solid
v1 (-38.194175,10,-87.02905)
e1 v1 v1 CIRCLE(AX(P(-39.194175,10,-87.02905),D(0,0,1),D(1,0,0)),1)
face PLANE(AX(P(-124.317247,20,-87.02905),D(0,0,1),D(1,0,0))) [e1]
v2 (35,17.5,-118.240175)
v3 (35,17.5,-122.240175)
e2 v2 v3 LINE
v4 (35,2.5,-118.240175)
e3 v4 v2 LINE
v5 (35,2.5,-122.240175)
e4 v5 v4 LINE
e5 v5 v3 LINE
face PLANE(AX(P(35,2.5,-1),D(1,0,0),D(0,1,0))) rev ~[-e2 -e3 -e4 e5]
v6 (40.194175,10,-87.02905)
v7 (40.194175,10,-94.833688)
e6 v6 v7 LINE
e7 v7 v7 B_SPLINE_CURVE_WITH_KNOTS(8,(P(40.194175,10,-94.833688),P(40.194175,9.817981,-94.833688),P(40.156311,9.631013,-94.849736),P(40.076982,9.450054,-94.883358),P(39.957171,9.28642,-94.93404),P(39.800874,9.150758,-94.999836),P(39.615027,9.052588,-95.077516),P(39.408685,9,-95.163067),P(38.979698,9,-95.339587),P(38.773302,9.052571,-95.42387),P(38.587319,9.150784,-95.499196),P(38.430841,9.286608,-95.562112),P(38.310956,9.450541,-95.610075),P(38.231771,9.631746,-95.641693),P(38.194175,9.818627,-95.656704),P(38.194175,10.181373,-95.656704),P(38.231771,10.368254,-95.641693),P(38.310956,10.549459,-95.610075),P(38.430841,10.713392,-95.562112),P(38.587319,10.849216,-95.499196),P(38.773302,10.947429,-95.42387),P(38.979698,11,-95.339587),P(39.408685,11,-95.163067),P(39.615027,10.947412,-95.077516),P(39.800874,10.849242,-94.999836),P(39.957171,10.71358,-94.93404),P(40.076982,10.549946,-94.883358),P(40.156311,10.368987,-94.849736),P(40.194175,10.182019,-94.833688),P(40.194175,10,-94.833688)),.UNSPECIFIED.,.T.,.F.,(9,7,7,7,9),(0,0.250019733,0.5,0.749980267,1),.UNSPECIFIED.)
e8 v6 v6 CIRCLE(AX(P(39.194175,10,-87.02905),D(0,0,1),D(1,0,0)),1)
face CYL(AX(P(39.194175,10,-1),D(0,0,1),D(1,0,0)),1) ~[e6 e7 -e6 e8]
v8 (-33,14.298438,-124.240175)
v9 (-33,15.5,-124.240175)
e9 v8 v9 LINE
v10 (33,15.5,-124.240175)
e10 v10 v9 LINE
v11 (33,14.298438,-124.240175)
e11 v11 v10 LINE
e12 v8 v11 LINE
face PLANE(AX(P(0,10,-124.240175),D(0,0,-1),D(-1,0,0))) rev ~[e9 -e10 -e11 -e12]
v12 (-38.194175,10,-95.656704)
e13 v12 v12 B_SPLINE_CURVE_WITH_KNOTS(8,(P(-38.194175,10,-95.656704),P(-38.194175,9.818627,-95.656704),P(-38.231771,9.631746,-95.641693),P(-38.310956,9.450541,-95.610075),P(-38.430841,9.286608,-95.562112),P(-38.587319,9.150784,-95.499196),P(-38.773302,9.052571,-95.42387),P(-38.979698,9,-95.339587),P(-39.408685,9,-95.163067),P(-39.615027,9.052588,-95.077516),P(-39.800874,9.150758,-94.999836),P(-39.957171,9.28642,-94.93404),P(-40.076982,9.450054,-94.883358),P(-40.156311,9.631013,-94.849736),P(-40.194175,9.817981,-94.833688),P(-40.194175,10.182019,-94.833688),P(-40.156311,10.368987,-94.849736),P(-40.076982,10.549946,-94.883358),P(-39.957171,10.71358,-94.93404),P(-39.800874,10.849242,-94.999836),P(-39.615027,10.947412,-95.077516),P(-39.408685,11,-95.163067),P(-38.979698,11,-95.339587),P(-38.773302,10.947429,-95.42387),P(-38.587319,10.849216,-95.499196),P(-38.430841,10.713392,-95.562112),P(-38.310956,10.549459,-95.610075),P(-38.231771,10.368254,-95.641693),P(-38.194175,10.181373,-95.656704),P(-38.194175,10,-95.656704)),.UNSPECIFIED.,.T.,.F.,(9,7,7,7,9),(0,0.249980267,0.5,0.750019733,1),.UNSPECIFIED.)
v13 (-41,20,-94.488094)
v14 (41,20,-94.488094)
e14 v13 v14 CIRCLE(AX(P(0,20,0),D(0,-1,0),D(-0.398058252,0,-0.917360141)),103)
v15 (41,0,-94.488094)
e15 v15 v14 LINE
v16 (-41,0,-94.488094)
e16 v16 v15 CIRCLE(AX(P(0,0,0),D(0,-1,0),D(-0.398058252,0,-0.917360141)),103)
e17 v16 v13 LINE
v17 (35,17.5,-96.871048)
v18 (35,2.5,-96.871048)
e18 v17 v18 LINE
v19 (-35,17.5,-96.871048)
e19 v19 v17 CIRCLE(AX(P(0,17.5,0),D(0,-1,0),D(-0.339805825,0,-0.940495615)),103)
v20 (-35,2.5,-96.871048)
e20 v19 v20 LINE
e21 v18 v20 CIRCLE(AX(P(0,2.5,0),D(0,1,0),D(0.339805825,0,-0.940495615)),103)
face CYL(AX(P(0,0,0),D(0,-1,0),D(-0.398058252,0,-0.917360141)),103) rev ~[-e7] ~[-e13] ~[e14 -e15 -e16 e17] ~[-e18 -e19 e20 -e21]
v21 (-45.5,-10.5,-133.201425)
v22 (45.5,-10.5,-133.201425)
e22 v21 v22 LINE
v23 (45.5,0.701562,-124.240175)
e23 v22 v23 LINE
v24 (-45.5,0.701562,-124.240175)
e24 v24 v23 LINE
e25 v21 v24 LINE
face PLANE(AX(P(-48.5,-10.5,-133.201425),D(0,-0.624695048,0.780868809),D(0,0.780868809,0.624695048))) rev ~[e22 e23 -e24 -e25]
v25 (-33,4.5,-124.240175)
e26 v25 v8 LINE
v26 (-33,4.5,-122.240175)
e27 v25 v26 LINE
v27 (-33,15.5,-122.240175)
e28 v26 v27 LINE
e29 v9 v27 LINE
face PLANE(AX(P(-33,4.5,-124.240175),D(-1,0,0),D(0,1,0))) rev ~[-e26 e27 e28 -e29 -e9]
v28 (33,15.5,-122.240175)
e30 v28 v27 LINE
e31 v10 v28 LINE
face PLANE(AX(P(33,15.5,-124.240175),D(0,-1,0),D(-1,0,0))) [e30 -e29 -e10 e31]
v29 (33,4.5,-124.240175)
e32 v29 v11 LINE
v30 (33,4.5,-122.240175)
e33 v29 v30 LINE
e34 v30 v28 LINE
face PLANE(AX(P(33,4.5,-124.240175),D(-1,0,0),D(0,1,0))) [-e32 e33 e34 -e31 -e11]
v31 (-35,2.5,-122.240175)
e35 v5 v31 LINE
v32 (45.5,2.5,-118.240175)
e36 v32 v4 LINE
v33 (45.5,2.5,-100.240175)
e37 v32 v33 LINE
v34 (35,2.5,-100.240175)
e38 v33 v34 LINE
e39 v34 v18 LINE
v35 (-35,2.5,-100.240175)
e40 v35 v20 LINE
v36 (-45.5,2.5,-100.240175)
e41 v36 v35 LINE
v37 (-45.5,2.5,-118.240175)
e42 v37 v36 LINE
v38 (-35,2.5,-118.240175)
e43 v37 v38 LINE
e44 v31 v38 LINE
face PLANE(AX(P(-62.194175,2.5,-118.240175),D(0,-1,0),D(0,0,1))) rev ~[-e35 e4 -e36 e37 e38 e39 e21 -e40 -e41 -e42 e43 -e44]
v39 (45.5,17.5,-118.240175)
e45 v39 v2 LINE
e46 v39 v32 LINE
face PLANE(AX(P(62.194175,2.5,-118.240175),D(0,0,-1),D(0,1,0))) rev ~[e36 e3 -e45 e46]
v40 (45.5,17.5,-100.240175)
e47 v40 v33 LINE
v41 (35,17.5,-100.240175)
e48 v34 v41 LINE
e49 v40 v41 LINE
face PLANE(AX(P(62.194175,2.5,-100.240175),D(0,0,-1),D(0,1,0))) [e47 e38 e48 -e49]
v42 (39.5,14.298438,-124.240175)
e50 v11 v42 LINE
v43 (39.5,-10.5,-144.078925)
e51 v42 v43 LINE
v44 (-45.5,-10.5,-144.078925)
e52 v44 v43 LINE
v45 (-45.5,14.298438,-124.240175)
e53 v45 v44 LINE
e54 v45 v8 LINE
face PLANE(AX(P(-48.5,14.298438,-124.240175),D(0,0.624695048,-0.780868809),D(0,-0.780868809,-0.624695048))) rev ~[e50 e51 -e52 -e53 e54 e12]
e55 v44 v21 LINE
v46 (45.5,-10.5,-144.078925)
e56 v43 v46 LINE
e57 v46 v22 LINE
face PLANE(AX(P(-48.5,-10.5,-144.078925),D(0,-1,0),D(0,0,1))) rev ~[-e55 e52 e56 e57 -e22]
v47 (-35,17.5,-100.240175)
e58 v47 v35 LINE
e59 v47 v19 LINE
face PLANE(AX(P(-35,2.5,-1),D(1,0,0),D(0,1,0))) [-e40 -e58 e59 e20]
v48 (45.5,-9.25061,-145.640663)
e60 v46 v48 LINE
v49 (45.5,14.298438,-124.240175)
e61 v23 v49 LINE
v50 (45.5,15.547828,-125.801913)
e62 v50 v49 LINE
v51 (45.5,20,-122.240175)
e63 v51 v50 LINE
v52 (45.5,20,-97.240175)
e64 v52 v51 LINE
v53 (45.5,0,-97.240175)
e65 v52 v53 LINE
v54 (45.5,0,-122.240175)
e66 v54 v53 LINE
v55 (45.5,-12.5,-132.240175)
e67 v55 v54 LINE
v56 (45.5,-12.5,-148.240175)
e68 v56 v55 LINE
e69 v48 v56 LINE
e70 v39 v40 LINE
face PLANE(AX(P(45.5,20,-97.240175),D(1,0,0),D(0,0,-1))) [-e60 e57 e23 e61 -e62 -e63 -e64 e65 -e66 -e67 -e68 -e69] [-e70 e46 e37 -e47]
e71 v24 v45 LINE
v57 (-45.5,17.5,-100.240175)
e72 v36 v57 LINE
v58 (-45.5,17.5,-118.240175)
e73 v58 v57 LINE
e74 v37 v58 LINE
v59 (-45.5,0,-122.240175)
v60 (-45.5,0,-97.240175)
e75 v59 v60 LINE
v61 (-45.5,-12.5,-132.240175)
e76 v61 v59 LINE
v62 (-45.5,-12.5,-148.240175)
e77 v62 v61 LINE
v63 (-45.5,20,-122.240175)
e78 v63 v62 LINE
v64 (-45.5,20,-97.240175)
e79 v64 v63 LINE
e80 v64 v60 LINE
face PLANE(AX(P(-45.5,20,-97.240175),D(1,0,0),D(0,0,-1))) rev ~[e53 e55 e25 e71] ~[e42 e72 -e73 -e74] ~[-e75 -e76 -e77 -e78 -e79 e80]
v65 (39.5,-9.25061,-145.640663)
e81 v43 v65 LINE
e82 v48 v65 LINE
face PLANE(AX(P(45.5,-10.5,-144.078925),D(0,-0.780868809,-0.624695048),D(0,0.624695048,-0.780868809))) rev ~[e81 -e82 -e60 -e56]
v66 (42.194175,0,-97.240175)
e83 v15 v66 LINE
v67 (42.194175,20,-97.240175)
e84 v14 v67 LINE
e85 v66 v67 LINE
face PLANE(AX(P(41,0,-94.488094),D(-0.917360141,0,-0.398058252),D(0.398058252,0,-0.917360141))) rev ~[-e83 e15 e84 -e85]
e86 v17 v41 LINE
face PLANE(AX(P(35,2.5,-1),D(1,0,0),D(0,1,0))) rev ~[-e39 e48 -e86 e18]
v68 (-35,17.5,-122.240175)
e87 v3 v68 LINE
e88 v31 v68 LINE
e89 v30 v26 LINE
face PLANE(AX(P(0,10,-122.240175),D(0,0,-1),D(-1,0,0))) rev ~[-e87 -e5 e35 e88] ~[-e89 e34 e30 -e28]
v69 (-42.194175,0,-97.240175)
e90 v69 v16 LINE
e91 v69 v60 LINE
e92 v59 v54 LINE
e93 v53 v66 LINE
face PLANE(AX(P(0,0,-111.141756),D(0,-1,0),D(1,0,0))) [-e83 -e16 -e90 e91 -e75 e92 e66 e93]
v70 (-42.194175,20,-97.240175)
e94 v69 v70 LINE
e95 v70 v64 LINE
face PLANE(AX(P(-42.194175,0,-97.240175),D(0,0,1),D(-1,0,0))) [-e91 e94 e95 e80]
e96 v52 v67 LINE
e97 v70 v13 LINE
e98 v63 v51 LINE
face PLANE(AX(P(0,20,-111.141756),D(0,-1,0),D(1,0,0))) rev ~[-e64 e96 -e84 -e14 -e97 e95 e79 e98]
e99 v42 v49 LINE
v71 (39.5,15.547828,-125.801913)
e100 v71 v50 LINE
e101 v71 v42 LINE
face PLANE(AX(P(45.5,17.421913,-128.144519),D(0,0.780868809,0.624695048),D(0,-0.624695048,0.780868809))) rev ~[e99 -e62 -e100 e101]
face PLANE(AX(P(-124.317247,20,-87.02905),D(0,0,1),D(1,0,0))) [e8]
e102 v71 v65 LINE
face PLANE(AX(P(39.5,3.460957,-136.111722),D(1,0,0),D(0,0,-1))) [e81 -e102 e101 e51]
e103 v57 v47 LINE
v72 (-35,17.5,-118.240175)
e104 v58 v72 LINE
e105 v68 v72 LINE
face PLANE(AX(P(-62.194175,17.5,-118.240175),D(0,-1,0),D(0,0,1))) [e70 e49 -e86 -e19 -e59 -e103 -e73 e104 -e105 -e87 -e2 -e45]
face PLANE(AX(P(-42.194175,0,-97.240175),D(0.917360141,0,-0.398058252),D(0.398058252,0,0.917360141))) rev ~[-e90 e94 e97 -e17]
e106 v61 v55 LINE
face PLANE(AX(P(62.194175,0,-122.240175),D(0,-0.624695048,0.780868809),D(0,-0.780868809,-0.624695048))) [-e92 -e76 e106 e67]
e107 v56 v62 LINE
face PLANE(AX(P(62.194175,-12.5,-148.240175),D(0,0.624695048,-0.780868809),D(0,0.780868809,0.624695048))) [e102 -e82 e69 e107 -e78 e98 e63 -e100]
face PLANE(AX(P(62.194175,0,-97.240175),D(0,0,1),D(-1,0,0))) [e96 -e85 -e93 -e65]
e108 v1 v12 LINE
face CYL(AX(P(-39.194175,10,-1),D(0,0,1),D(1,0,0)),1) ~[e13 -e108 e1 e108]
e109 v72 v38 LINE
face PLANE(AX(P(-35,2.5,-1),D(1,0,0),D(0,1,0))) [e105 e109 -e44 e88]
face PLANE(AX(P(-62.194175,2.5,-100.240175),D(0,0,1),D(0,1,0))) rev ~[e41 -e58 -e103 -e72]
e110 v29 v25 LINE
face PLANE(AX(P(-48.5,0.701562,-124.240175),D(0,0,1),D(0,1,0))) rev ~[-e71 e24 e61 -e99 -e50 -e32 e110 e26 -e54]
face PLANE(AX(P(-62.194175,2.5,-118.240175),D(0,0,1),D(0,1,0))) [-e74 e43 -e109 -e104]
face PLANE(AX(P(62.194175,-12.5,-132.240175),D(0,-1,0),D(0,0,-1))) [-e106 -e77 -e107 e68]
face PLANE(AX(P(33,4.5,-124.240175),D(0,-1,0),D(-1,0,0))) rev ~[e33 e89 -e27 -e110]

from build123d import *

# Parameters (mm, degrees)
EXTRUDE_1_DEPTH      = 20
SKETCH_2_W           = 200
SKETCH_2_H           = 1
EXTRUDE_2_DEPTH      = 20
SKETCH_3_R           = 1
EXTRUDE_3_DEPTH      = 100
SKETCH_4_W           = 70
SKETCH_4_H           = 15
CUT_EXTRUDE_1_DEPTH  = 150
CUT_EXTRUDE_START    = -150
CUT_EXTRUDE_2_DEPTH  = 150
EXTRUDE_4_DEPTH      = 20
SKETCH_7_W           = 70
SKETCH_7_H           = 15
CUT_EXTRUDE_3_DEPTH  = 50
SKETCH_8_W           = 18
SKETCH_8_H           = 15
CUT_EXTRUDE_4_DEPTH  = 50
SKETCH_9_W           = 18
SKETCH_9_H           = 15
CUT_EXTRUDE_5_DEPTH  = 50
SKETCH_10_W          = 241.24793126
SKETCH_10_H          = 101.321343747
CUT_EXTRUDE_6_DEPTH  = 50
SKETCH_11_W          = 124.388349514
SKETCH_11_H          = 45
EXTRUDE_5_DEPTH      = 10
CUT_EXTRUDE_7_DEPTH  = 200
EXTRUDE_6_DEPTH      = 124.5
CUT_EXTRUDE_8_DEPTH  = 134.5
SKETCH_15_W          = 13.694174757
SKETCH_15_H          = 51
SKETCH_15_W_2        = 13.805825243
CUT_EXTRUDE_9_DEPTH  = 40
CUT_EXTRUDE_10_DEPTH = 120
SKETCH_17_W          = 66
SKETCH_17_H          = 11
CUT_EXTRUDE_12_DEPTH = 120
SKETCH_18_W          = 3
SKETCH_18_H          = 51
CUT_EXTRUDE_13_DEPTH = 120
CUT_EXTRUDE_14_DEPTH = 6


with BuildPart() as part:
    # 草图1 → 凸台-拉伸1 (new body)
    with BuildSketch(Plane(origin=(0, 0, 0), x_dir=(1, 0, 0), z_dir=(0, 1, 0))):
        with BuildLine():
            Line((-42.194174757, 97.24017491), (-41, 94.488094488))
            ThreePointArc((-41, 94.488094488), (0, 103), (41, 94.488094488))
            Line((41, 94.488094488), (42.194174757, 97.24017491))
            ThreePointArc((42.194174757, 97.24017491), (0, 106), (-42.194174757, 97.24017491))
        make_face()
    extrude(amount=EXTRUDE_1_DEPTH)



with BuildPart() as body_2:
    # 草图2 → 凸台-拉伸2 (new body)
    with BuildSketch(Plane.XZ):
        with Locations((0, -0.5)):
            Rectangle(SKETCH_2_W, SKETCH_2_H)
    extrude(amount=-EXTRUDE_2_DEPTH)


with BuildPart() as part_1:
    add(part.part)

    add(body_2.part)  # 凸台-拉伸3 merges body 2
    # 草图3 → 凸台-拉伸3 (add)
    with BuildSketch(Plane(origin=(0, 0, -1), x_dir=(-1, 0, 0), z_dir=(0, 0, -1))):
        with Locations(Location((-39.194174757, 10, 0), (0, 0, 180))):
            Circle(SKETCH_3_R)
        with Locations(Location((39.194174757, 10, 0), (0, 0, 180))):
            Circle(SKETCH_3_R)
    extrude(amount=EXTRUDE_3_DEPTH)

    # 草图4 → 切除-拉伸1 (cut)
    with BuildSketch(Plane(origin=(0, 0, -1), x_dir=(-1, 0, 0), z_dir=(0, 0, -1))):
        with Locations((0, 10)):
            Rectangle(SKETCH_4_W, SKETCH_4_H)
    extrude(amount=CUT_EXTRUDE_1_DEPTH, mode=Mode.SUBTRACT)

    # 草图5 → 切除-拉伸2 (cut)
    with BuildSketch(Plane(origin=(0, 20, 0), x_dir=(1, 0, 0), z_dir=(0, 1, 0)).offset(CUT_EXTRUDE_START)):
        with BuildLine():
            Line((-49.057927096, 113.337024581), (-42.194174757, 97.24017491))
            ThreePointArc((-42.194174757, 97.24017491), (0, 106), (42.194174757, 97.24017491))
            Line((42.194174757, 97.24017491), (51.628141839, 112.189555316))
            ThreePointArc((51.628141839, 112.189555316), (1.407363629, 123.490812126), (-49.057927096, 113.337024581))
        make_face()
    extrude(amount=CUT_EXTRUDE_2_DEPTH, mode=Mode.SUBTRACT)

    # 草图6 → 凸台-拉伸4 (add)
    with BuildSketch(Plane.XZ):
        with BuildLine():
            Line((-42.194174757, -97.24017491), (-62.194174757, -97.24017491))
            Line((-62.194174757, -97.24017491), (-62.194174757, -122.24017491))
            Line((-62.194174757, -122.24017491), (62.194174757, -122.24017491))
            Line((62.194174757, -122.24017491), (62.194174757, -97.24017491))
            Line((62.194174757, -97.24017491), (42.194174757, -97.24017491))
            ThreePointArc((42.194174757, -97.24017491), (0, -106), (-42.194174757, -97.24017491))
        make_face()
    extrude(amount=-EXTRUDE_4_DEPTH)

    # 草图7 → 切除-拉伸3 (cut)
    with BuildSketch(Plane(origin=(0, 0, -122.24017491), x_dir=(-1, 0, 0), z_dir=(0, 0, -1))):
        with Locations((0, 10)):
            Rectangle(SKETCH_7_W, SKETCH_7_H)
    extrude(amount=-CUT_EXTRUDE_3_DEPTH, mode=Mode.SUBTRACT)

    # 草图8 → 切除-拉伸4 (cut)
    with BuildSketch(Plane.ZY.offset(62.194174757)):
        with Locations((-109.24017491, 10)):
            Rectangle(SKETCH_8_W, SKETCH_8_H)
    extrude(amount=-CUT_EXTRUDE_4_DEPTH, mode=Mode.SUBTRACT)

    # 草图9 → 切除-拉伸5 (cut)
    with BuildSketch(Plane(origin=(62.194174757, 0, 0), x_dir=(0, 0, -1), z_dir=(1, 0, 0))):
        with Locations((109.24017491, 10)):
            Rectangle(SKETCH_9_W, SKETCH_9_H)
    extrude(amount=-CUT_EXTRUDE_5_DEPTH, mode=Mode.SUBTRACT)

    # 草图10 → 切除-拉伸6 (cut)
    with BuildSketch(Plane(origin=(0, 20, 0), x_dir=(1, 0, 0), z_dir=(0, 1, 0))):
        with Locations((-3.693281443, 36.368377787)):
            Rectangle(SKETCH_10_W, SKETCH_10_H)
    extrude(amount=-CUT_EXTRUDE_6_DEPTH, mode=Mode.SUBTRACT)

    # 草图11 → 凸台-拉伸5 (add)
    with BuildSketch(Plane(origin=(0, 0, -122.24017491), x_dir=(-1, 0, 0), z_dir=(0, 0, -1))):
        with Locations((0, 10)):
            Rectangle(SKETCH_11_W, SKETCH_11_H)
    extrude(amount=EXTRUDE_5_DEPTH)

    # 草图12 → 切除-拉伸7 (cut)
    with BuildSketch(Plane(origin=(62.194174757, 0, 0), x_dir=(0, 0, -1), z_dir=(1, 0, 0))):
        Polygon((122.24017491, 20), (132.24017491, 32.5), (122.24017491, 32.5), align=None)
        Polygon((122.24017491, 0), (132.24017491, -12.5), (122.24017491, -12.5), align=None)
    extrude(amount=-CUT_EXTRUDE_7_DEPTH, mode=Mode.SUBTRACT)

    # 草图13 → 凸台-拉伸6 (add)
    with BuildSketch(Plane(origin=(62.194174757, 0, 0), x_dir=(0, 0, -1), z_dir=(1, 0, 0))):
        Polygon((122.24017491, 0), (132.24017491, -12.5), (148.24017491, -12.5), (122.24017491, 20), align=None)
    extrude(amount=-EXTRUDE_6_DEPTH)

    # 草图14 → 切除-拉伸8 (cut)
    with BuildSketch(Plane(origin=(62.194174757, 0, 0), x_dir=(0, 0, -1), z_dir=(1, 0, 0))):
        Polygon((122.24017491, 20), (132.24017491, 7.5), (132.24017491, 32.5), align=None)
    extrude(amount=-CUT_EXTRUDE_8_DEPTH, mode=Mode.SUBTRACT)

    # 草图15 → 切除-拉伸9 (cut)
    with BuildSketch(Plane(origin=(0, 20, 0), x_dir=(1, 0, 0), z_dir=(0, 1, 0))):
        with Locations((55.347087379, 122.74017491)):
            Rectangle(SKETCH_15_W, SKETCH_15_H)
        with Locations((-55.402912622, 122.74017491)):
            Rectangle(SKETCH_15_W_2, SKETCH_15_H)
    extrude(amount=-CUT_EXTRUDE_9_DEPTH, mode=Mode.SUBTRACT)

    # 草图16 → 切除-拉伸10 (cut)
    with BuildSketch(Plane.ZY.offset(48.5)):
        Polygon((-124.24017491, 14.298437881), (-144.078925215, -10.5), (-133.201424605, -10.5), (-124.24017491, 0.701562119), align=None)
    extrude(amount=-CUT_EXTRUDE_10_DEPTH, mode=Mode.SUBTRACT)

    # 草图17 → 切除-拉伸12 (cut)
    with BuildSketch(Plane(origin=(0, 0, -124.24017491), x_dir=(-1, 0, 0), z_dir=(0, 0, -1))):
        with Locations((0, 10)):
            Rectangle(SKETCH_17_W, SKETCH_17_H)
    extrude(amount=-CUT_EXTRUDE_12_DEPTH, mode=Mode.SUBTRACT)

    # 草图18 → 切除-拉伸13 (cut)
    with BuildSketch(Plane(origin=(0, 20, 0), x_dir=(1, 0, 0), z_dir=(0, 1, 0))):
        with Locations((-47, 122.74017491)):
            Rectangle(SKETCH_18_W, SKETCH_18_H)
        with Locations((47, 122.74017491)):
            Rectangle(SKETCH_18_W, SKETCH_18_H)
    extrude(amount=-CUT_EXTRUDE_13_DEPTH, mode=Mode.SUBTRACT)

    # 草图22 → 切除-拉伸14 (cut)
    with BuildSketch(Plane(origin=(45.5, 0, 0), x_dir=(0, 0, -1), z_dir=(1, 0, 0))):
        Polygon((124.24017491, 14.298437881), (144.078925215, -10.5), (147.983269262, -7.376524762), (128.144518957, 17.421913119), align=None)
    extrude(amount=-CUT_EXTRUDE_14_DEPTH, mode=Mode.SUBTRACT)


solid = part_1.part
